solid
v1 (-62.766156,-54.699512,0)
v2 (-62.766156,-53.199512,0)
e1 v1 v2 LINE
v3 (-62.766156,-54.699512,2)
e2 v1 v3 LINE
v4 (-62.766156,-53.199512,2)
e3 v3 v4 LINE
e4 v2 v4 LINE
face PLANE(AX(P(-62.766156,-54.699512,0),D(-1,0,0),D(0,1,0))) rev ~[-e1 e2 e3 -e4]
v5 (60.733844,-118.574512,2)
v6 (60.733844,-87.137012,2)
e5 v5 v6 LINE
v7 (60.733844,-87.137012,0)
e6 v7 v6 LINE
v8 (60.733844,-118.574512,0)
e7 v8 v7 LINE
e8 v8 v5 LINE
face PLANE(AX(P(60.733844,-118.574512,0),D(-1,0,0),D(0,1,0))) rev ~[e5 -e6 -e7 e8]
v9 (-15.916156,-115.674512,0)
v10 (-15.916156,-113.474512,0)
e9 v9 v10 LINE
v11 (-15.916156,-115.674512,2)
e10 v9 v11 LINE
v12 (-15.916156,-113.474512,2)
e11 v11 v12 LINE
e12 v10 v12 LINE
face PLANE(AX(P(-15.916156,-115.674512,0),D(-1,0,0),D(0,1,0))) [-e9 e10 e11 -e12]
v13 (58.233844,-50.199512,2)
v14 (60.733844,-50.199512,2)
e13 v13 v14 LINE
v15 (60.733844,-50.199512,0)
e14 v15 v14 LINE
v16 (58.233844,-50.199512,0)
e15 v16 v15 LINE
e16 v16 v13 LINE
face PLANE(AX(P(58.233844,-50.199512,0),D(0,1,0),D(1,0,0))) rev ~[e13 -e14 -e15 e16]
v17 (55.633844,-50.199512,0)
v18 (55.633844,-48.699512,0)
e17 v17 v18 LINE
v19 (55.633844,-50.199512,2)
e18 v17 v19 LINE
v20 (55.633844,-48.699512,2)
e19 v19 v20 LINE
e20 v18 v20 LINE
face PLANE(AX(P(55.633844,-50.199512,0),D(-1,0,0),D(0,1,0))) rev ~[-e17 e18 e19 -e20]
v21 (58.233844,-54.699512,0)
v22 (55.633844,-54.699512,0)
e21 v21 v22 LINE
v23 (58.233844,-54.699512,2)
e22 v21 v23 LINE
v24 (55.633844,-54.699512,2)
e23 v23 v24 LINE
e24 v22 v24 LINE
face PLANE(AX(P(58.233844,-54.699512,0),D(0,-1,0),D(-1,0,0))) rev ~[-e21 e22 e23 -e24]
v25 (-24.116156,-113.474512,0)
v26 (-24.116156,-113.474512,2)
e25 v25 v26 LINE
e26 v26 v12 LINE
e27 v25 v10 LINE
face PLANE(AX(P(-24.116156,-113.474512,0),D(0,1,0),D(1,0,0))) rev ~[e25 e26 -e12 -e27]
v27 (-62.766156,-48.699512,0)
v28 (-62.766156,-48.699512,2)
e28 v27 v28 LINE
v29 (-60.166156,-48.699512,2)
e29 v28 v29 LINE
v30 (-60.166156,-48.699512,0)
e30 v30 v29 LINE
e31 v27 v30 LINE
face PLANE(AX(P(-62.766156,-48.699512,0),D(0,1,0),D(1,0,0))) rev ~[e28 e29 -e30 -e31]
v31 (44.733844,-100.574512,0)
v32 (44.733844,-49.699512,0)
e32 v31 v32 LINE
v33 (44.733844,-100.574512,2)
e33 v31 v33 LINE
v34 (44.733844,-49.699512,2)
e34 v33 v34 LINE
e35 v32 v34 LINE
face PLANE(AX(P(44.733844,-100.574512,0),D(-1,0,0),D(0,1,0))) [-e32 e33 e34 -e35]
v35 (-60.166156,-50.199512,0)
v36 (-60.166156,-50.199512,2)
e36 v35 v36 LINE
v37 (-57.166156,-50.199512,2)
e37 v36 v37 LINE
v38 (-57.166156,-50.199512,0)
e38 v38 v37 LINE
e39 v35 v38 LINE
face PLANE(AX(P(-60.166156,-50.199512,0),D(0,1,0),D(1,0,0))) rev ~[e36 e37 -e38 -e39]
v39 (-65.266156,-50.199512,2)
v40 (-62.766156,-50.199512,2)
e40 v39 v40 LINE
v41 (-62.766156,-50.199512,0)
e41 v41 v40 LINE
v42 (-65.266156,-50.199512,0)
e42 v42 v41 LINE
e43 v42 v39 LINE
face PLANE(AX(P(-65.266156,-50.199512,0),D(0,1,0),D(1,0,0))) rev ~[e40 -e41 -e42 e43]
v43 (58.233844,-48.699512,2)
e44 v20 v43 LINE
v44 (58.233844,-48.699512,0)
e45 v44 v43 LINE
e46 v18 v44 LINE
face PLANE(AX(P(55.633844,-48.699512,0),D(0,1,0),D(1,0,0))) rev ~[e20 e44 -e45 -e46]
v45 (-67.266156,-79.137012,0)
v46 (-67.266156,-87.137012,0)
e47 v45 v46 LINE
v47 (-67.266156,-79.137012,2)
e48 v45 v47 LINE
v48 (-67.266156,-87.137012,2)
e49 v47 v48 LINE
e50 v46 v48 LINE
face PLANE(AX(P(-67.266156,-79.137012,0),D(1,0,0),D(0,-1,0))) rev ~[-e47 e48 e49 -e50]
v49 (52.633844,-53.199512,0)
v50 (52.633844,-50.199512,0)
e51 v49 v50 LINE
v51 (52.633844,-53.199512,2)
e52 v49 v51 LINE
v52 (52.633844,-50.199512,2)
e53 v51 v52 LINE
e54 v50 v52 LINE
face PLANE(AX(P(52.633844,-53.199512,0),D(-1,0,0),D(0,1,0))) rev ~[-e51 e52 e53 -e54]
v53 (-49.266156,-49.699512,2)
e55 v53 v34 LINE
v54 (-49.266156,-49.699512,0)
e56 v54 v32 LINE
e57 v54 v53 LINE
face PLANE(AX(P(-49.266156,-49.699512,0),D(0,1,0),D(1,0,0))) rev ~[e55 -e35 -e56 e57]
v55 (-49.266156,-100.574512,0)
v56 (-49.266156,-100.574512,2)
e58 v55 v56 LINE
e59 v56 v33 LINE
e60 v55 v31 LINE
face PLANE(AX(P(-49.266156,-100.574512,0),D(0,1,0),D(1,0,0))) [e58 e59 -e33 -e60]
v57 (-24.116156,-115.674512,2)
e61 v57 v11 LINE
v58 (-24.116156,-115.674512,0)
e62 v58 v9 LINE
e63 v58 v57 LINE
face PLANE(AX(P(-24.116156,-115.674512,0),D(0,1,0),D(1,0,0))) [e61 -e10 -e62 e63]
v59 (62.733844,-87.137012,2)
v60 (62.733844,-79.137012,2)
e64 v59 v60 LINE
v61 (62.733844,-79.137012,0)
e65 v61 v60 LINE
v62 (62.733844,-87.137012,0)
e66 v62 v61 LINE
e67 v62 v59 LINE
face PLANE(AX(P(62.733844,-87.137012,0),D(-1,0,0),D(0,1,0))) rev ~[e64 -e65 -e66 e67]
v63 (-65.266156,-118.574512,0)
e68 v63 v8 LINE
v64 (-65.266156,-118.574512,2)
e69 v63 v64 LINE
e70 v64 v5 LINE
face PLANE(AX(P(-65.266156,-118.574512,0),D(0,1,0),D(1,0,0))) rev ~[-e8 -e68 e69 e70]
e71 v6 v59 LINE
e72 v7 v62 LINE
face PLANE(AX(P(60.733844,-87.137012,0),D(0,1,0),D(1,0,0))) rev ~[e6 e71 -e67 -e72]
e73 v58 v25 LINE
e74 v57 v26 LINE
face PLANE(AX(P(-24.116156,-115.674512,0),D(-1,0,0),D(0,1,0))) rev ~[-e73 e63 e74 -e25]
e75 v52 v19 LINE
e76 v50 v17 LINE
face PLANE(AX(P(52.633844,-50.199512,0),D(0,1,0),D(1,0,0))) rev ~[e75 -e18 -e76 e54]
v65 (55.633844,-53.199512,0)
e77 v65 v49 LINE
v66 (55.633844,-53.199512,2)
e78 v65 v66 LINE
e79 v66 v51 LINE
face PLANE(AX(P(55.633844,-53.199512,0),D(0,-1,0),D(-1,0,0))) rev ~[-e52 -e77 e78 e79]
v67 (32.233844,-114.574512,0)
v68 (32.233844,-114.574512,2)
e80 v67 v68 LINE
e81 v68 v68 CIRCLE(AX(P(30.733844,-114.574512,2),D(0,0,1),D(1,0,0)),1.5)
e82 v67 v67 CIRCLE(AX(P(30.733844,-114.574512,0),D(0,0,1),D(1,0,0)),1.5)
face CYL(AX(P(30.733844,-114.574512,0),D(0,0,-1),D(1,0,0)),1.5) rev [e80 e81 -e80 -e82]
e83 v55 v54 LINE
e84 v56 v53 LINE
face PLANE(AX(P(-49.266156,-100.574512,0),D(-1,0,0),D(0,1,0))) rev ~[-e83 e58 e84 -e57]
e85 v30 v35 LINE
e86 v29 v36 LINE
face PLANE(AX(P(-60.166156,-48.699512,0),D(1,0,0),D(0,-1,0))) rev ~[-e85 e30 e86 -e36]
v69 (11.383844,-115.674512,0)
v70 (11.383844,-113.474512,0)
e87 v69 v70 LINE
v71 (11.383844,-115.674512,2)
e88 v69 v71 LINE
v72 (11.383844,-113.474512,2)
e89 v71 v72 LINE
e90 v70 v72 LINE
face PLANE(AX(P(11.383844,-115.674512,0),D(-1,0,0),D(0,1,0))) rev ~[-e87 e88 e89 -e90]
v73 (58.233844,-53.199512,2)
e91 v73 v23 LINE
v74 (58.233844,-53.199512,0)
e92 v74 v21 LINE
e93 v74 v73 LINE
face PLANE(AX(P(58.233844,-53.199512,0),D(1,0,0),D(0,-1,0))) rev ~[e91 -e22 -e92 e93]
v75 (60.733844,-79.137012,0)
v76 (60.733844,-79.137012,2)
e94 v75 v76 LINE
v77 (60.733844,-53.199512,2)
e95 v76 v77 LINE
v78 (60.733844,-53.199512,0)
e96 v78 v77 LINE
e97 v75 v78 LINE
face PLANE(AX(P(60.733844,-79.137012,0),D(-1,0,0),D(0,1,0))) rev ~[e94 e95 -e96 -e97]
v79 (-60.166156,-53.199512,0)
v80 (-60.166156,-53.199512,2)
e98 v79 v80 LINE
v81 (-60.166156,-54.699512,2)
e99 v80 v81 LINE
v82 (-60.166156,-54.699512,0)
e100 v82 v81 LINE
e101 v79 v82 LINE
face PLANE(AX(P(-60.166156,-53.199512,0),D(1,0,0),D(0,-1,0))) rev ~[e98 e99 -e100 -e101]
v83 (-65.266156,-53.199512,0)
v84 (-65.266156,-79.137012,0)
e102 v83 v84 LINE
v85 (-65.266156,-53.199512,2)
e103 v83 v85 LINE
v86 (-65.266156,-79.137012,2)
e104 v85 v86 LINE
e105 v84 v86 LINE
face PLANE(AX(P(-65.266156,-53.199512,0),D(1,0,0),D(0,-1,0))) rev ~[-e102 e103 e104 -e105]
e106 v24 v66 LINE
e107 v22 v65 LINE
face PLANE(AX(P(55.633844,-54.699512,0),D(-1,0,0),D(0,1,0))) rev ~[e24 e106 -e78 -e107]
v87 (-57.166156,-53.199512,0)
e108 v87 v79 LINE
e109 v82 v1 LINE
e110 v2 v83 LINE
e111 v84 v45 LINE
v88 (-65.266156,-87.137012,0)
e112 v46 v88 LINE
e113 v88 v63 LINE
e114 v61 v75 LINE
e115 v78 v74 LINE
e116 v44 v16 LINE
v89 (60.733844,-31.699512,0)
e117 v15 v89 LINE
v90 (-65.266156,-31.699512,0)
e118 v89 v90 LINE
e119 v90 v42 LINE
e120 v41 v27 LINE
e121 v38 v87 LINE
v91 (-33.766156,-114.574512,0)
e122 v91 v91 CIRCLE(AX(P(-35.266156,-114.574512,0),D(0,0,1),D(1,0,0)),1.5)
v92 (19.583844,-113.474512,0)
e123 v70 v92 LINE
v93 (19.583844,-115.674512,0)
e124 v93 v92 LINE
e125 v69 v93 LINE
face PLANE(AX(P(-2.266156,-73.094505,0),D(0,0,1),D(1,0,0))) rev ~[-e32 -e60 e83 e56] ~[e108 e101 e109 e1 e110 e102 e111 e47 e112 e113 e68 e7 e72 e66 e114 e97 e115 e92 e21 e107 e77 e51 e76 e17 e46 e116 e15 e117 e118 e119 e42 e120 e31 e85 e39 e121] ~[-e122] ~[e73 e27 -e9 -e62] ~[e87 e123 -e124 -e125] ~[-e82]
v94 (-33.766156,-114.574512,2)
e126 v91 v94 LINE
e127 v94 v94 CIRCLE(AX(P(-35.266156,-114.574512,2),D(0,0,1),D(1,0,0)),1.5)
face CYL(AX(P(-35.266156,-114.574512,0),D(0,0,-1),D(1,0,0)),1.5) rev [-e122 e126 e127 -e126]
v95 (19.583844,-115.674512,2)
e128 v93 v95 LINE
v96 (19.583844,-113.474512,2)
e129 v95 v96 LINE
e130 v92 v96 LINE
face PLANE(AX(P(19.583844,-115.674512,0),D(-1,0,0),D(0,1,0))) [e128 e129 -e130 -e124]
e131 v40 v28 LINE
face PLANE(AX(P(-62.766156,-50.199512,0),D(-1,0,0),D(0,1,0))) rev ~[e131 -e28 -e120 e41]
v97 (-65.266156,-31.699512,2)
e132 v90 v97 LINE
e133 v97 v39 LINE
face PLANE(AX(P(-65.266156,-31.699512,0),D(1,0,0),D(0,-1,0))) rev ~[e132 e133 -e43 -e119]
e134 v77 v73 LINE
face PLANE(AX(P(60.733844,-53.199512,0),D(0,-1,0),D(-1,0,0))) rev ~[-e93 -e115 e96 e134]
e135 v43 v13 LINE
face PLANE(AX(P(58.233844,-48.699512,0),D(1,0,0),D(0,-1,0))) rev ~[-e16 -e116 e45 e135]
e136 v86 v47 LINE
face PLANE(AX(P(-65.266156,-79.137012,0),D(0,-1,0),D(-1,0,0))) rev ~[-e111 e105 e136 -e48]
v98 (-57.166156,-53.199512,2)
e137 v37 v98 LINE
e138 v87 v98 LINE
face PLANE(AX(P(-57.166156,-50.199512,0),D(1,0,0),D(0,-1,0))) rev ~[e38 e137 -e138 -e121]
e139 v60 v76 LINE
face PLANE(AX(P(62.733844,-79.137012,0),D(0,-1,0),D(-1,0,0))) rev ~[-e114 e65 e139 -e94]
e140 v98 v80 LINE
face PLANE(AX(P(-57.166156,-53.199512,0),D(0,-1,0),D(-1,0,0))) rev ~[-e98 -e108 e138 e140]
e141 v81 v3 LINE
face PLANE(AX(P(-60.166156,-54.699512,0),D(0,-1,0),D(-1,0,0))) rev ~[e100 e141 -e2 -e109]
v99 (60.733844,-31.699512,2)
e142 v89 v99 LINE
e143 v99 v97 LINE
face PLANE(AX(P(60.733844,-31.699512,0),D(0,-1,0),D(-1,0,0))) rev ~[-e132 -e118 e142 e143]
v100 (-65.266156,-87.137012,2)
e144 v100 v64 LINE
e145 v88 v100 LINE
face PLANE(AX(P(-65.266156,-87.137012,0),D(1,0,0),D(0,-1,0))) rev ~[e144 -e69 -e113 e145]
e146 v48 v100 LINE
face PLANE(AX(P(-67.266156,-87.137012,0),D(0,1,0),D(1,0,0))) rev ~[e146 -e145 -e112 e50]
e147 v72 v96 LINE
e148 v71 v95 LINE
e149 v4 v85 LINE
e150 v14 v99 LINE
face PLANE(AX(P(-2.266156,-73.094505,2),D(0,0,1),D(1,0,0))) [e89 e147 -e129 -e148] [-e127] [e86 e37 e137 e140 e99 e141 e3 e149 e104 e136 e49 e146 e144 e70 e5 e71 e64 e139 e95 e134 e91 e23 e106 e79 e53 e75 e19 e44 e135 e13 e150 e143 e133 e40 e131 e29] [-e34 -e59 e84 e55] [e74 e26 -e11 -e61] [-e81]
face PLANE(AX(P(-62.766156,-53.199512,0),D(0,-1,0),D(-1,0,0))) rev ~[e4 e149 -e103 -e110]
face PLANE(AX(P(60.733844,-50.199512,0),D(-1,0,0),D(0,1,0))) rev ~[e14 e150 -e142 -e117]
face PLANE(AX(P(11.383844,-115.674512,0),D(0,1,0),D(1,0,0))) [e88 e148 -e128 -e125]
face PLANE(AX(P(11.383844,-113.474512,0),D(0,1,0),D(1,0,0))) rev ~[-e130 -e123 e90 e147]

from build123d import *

# Parameters (mm, degrees)
SKETCH_1_R      = 1.5
SKETCH_1_W      = 8.2
SKETCH_1_H      = 2.2
SKETCH_1_W_2    = 94
SKETCH_1_H_2    = 50.875
EXTRUDE_1_DEPTH = 2


with BuildPart() as part:
    # 草图1 → 凸台-拉伸1 (new body)
    with BuildSketch(Plane.XY):
        Polygon((-62.766155614, -54.699512395), (-62.766155614, -53.199512395), (-65.266155614, -53.199512395), (-65.266155614, -79.137012395), (-67.266155614, -79.137012395), (-67.266155614, -87.137012395), (-65.266155614, -87.137012395), (-65.266155614, -118.574512395), (60.733844386, -118.574512395), (60.733844386, -87.137012395), (62.733844386, -87.137012395), (62.733844386, -79.137012395), (60.733844386, -79.137012395), (60.733844386, -53.199512395), (58.233844386, -53.199512395), (58.233844386, -54.699512395), (55.633844386, -54.699512395), (55.633844386, -53.199512395), (52.633844386, -53.199512395), (52.633844386, -50.199512395), (55.633844386, -50.199512395), (55.633844386, -48.699512395), (58.233844386, -48.699512395), (58.233844386, -50.199512395), (60.733844386, -50.199512395), (60.733844386, -31.699512395), (-65.266155614, -31.699512395), (-65.266155614, -50.199512395), (-62.766155614, -50.199512395), (-62.766155614, -48.699512395), (-60.166155614, -48.699512395), (-60.166155614, -50.199512395), (-57.166155614, -50.199512395), (-57.166155614, -53.199512395), (-60.166155614, -53.199512395), (-60.166155614, -54.699512395), align=None)
        with Locations((-35.266155614, -114.574512396)):
            Circle(SKETCH_1_R, mode=Mode.SUBTRACT)
        with Locations((-20.016155614, -114.574512396)):
            Rectangle(SKETCH_1_W, SKETCH_1_H, mode=Mode.SUBTRACT)
        with Locations((15.483844386, -114.574512396)):
            Rectangle(SKETCH_1_W, SKETCH_1_H, mode=Mode.SUBTRACT)
        with Locations((30.733844386, -114.574512396)):
            Circle(SKETCH_1_R, mode=Mode.SUBTRACT)
        with Locations((-2.266155614, -75.137012395)):
            Rectangle(SKETCH_1_W_2, SKETCH_1_H_2, mode=Mode.SUBTRACT)
    extrude(amount=EXTRUDE_1_DEPTH)


solid = part.part
